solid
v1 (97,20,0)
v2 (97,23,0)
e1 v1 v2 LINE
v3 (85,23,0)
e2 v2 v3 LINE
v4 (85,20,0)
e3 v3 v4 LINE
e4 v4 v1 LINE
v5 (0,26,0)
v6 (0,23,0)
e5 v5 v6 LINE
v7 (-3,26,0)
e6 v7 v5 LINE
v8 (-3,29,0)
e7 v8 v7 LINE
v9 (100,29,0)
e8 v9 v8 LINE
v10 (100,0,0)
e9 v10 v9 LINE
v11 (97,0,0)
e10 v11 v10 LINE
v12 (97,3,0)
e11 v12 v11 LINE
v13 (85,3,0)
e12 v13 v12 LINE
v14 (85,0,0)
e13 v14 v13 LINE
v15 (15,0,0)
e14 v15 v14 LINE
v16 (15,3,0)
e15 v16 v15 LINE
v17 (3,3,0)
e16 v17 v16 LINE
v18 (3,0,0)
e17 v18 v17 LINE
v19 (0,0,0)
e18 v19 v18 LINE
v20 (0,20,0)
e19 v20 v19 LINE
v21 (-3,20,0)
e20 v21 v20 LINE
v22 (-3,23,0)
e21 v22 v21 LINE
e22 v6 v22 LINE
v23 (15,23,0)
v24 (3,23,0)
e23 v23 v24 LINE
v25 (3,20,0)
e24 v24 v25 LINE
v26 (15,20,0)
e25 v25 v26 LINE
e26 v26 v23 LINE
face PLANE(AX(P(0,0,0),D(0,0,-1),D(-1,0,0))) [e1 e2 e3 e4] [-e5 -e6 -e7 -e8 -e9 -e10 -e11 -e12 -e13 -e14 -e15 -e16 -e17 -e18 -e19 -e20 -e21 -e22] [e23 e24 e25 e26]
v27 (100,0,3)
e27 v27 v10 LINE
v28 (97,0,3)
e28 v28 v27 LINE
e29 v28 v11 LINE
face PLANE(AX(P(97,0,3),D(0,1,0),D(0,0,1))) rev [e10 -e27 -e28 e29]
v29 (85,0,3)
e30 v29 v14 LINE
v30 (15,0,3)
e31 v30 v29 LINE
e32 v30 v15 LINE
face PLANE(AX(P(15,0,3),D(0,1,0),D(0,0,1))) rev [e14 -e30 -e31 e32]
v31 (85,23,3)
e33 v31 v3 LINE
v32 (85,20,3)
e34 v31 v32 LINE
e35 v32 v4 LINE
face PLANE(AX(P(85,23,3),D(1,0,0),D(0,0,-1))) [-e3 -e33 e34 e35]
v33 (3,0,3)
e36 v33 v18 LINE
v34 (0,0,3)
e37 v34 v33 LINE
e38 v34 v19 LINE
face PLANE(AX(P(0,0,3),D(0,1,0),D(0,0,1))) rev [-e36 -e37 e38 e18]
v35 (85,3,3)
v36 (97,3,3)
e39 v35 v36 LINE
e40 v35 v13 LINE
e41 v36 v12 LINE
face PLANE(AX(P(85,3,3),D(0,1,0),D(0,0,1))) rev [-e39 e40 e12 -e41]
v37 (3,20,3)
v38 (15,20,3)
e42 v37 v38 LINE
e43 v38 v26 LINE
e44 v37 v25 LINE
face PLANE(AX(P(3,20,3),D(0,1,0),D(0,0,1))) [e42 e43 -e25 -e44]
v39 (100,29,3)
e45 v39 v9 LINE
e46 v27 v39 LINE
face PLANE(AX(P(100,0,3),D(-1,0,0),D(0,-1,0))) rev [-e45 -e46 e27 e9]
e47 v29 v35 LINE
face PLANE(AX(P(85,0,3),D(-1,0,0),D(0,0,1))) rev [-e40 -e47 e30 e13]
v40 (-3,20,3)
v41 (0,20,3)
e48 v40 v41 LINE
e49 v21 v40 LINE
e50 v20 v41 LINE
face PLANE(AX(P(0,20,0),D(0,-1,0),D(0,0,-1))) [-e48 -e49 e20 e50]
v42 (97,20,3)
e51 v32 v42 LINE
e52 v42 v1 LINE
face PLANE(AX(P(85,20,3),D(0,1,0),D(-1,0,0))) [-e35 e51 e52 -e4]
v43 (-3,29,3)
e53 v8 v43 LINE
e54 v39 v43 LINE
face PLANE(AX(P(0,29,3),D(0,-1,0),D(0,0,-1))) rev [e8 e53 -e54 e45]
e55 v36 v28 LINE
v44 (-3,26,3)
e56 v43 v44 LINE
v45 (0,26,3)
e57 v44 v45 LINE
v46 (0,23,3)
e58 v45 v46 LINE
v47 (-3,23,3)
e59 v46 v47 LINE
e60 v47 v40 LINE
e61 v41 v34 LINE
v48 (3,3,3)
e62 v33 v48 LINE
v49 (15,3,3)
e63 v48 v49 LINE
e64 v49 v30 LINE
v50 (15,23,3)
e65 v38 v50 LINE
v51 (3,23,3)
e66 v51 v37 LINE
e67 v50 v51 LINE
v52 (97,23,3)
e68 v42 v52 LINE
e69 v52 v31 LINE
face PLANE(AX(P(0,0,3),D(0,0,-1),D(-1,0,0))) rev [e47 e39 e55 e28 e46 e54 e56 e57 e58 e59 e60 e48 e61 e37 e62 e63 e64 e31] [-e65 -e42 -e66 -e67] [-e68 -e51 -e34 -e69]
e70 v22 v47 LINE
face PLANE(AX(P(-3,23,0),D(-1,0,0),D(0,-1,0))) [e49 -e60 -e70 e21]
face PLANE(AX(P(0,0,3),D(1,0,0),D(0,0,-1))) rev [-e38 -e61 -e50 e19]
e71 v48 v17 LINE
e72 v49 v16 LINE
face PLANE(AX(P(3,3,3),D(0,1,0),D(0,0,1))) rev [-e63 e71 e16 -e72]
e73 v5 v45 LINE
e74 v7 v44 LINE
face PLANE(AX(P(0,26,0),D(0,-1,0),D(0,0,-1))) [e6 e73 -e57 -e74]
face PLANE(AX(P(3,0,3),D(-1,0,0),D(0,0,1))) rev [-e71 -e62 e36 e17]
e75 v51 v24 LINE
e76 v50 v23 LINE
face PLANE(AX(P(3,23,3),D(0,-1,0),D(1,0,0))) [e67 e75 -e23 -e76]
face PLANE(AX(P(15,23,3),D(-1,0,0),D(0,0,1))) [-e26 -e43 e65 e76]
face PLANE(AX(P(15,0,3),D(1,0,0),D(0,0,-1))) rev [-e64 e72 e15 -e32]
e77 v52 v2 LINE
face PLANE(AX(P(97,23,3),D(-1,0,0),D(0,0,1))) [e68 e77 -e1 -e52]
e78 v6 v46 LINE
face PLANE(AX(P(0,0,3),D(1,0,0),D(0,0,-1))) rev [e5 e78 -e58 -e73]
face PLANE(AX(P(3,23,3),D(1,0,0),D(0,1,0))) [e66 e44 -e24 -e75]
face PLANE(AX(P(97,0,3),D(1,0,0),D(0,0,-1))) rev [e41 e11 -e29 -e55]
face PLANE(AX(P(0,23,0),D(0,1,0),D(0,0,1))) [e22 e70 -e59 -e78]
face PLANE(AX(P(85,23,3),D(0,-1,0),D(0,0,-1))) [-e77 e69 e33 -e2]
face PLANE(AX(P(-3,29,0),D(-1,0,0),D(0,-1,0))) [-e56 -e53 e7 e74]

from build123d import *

# Parameters (mm, degrees)
CROQUIS1_W              = 12
CROQUIS1_H              = 3
SALIENTE_EXTRUIR1_DEPTH = 3
CROQUIS2_W              = 3
CROQUIS2_H              = 3
SALIENTE_EXTRUIR2_DEPTH = 3


with BuildPart() as part:
    # Croquis1 → Saliente-Extruir1 (new body)
    with BuildSketch(Plane.XY):
        Polygon((0, 0), (3, 0), (3, 3), (15, 3), (15, 0), (85, 0), (85, 3), (97, 3), (97, 0), (100, 0), (100, 29), (0, 29), align=None)
        with Locations((9, 21.5)):
            Rectangle(CROQUIS1_W, CROQUIS1_H, mode=Mode.SUBTRACT)
        with Locations((91, 21.5)):
            Rectangle(CROQUIS1_W, CROQUIS1_H, mode=Mode.SUBTRACT)
    extrude(amount=SALIENTE_EXTRUIR1_DEPTH)

    # Croquis2 → Saliente-Extruir2 (add)
    with BuildSketch(Plane.XY.offset(3)):
        with Locations((-1.5, 21.5)):
            Rectangle(CROQUIS2_W, CROQUIS2_H)
        with Locations((-1.5, 27.5)):
            Rectangle(CROQUIS2_W, CROQUIS2_H)
    extrude(amount=-SALIENTE_EXTRUIR2_DEPTH)


solid = part.part
